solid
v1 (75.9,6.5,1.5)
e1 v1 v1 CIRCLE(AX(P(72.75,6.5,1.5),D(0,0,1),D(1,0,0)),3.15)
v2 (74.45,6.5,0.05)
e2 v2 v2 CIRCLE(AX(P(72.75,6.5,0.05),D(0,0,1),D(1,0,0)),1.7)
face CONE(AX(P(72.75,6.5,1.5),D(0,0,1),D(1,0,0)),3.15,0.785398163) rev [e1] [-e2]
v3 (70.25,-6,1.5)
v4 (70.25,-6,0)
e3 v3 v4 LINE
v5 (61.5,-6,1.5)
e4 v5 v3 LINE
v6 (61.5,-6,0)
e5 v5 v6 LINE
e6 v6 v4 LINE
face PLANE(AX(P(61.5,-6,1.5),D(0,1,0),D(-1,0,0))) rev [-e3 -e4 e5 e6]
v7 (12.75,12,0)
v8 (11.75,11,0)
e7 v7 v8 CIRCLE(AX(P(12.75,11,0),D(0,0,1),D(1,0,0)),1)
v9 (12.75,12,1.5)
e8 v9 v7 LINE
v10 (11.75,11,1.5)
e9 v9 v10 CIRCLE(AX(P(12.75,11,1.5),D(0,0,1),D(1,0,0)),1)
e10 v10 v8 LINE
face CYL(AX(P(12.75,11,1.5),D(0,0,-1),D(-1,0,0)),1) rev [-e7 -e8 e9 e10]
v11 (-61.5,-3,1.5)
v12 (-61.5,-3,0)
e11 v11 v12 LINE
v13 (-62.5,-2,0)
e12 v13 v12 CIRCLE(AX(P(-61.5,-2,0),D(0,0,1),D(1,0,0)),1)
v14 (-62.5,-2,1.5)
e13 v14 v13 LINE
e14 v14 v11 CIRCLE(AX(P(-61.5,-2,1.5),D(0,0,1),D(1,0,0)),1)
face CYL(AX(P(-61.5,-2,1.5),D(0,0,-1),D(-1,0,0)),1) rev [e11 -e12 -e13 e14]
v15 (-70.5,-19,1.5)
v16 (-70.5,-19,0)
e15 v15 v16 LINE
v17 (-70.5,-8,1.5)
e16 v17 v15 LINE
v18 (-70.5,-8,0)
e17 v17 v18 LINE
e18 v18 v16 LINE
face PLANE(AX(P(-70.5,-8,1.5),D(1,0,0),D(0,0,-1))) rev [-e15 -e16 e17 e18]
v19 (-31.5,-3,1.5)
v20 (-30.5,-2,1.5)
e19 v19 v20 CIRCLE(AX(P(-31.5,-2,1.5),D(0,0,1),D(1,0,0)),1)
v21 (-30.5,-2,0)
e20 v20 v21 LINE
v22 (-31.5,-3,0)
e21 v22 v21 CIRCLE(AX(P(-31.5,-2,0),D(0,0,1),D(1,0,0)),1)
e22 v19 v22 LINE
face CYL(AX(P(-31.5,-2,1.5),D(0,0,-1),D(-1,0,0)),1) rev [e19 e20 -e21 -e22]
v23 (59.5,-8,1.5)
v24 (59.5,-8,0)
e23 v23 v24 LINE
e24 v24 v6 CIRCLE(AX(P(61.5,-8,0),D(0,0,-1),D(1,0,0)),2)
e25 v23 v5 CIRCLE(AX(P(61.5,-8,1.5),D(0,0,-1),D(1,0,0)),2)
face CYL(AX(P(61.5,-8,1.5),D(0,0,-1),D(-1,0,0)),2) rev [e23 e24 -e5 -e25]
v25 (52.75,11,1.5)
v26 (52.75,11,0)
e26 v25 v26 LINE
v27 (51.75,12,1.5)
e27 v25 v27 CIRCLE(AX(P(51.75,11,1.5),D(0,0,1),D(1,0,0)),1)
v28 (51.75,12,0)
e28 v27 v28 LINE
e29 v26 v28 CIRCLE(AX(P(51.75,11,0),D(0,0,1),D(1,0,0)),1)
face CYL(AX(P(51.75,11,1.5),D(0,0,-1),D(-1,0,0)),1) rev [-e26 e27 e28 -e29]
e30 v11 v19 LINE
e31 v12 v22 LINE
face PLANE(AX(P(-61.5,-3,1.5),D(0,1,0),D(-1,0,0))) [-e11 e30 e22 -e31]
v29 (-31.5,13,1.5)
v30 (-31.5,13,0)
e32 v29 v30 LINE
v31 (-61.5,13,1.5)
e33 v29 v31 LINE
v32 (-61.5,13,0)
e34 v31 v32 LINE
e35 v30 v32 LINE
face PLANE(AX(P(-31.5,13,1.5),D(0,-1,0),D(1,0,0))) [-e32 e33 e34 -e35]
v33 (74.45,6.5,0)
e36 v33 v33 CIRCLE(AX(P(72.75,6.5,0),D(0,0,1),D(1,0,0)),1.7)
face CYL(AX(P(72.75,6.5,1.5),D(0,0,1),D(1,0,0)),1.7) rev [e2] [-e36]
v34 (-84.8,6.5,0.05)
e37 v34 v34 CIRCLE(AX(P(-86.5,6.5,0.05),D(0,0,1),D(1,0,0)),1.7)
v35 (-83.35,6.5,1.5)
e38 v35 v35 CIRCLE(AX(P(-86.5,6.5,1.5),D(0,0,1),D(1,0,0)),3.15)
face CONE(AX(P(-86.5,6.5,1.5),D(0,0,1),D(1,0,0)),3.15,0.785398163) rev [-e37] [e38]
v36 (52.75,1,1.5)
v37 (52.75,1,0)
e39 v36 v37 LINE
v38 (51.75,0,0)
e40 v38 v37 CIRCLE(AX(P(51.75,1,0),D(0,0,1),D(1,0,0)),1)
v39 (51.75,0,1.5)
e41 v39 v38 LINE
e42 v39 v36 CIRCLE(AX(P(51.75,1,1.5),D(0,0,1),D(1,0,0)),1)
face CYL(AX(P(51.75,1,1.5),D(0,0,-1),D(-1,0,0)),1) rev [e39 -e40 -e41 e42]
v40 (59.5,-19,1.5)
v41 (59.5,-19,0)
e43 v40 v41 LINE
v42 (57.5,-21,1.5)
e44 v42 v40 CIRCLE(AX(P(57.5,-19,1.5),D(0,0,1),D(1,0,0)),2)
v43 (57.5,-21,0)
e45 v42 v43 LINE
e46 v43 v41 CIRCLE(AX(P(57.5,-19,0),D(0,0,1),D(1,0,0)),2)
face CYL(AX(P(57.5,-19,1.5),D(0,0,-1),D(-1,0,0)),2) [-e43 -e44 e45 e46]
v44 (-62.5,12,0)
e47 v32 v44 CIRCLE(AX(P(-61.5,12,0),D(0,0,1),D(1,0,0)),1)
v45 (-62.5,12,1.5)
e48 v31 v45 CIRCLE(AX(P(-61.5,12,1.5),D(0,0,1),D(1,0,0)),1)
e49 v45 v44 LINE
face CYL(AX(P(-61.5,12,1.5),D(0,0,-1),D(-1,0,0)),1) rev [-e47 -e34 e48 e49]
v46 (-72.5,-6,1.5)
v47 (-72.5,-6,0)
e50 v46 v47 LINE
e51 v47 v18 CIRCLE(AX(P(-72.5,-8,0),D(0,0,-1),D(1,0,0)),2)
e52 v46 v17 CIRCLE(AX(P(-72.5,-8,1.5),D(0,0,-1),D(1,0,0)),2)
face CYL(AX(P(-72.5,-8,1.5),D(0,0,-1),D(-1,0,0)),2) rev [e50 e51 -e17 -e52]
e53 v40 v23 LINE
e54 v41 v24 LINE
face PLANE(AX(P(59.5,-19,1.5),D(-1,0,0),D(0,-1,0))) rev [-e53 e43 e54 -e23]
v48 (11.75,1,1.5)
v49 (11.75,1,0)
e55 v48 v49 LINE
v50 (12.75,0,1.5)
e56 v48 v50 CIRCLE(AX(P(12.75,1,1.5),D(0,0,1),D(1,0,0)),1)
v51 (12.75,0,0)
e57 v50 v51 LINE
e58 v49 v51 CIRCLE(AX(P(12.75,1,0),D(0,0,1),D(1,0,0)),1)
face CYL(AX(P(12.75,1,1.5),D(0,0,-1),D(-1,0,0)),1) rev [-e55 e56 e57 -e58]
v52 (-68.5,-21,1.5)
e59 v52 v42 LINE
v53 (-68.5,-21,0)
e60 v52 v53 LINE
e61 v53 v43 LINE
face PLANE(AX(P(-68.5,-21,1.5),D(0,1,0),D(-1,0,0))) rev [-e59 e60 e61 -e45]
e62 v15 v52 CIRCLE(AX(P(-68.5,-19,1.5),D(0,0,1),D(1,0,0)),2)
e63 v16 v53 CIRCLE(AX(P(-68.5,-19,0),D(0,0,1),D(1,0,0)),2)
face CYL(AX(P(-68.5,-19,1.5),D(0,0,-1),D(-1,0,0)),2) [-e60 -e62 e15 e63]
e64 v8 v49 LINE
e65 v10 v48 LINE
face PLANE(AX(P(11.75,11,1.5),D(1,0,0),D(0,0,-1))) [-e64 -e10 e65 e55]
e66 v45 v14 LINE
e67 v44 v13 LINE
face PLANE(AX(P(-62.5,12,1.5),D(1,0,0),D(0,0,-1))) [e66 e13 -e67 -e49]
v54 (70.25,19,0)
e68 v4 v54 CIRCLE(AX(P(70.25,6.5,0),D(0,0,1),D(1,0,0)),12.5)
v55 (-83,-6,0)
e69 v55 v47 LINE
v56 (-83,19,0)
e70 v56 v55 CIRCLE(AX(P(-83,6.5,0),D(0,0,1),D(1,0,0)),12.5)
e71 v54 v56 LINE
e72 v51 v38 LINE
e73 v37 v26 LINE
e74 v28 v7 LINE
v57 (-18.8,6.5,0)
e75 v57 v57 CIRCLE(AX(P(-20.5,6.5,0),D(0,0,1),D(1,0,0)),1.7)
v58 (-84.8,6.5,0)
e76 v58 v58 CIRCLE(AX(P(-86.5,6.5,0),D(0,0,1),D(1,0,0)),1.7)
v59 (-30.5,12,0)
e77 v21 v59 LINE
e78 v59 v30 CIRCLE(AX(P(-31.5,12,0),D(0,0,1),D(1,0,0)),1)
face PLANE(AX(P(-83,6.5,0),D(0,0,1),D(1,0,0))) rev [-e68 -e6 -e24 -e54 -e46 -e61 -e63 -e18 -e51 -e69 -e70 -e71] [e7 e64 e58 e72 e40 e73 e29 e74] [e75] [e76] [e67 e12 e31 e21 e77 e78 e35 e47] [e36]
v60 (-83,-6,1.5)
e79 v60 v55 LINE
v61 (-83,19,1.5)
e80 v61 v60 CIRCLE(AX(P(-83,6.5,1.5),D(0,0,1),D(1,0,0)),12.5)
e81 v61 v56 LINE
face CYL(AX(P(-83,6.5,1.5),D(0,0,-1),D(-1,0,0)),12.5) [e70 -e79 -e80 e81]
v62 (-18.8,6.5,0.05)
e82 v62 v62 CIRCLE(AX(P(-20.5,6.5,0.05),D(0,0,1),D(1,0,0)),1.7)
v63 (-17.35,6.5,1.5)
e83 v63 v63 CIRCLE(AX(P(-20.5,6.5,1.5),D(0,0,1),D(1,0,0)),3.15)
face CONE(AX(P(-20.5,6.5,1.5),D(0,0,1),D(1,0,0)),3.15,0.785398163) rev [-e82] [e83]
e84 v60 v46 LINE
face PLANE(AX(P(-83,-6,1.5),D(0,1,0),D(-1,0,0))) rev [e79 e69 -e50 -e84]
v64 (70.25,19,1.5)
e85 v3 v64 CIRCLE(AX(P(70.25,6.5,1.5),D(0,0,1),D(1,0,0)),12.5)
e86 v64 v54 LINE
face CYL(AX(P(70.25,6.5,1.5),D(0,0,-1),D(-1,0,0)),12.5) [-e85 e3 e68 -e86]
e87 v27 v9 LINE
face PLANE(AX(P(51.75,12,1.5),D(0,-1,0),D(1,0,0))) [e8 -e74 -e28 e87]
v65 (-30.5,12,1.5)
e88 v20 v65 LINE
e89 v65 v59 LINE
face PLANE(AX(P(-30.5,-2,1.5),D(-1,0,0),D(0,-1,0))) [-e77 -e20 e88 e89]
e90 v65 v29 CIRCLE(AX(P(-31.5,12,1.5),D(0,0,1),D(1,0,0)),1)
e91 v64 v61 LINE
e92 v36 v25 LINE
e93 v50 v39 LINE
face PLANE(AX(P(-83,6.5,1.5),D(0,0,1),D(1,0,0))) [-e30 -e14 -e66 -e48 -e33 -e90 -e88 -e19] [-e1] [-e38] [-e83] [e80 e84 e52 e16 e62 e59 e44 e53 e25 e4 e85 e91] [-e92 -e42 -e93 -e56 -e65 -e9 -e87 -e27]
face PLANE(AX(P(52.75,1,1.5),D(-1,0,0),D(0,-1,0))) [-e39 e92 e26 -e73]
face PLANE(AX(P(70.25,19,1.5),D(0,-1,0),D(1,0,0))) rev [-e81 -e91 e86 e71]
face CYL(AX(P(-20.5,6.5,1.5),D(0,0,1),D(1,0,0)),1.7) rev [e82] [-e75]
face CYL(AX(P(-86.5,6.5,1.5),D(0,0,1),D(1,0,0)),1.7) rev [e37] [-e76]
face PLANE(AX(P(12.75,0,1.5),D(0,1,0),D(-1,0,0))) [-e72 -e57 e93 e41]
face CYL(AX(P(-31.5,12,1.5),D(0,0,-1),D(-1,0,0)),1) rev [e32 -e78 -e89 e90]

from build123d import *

# Parameters (mm, degrees)
ESQUISSE1_R                                 = 1
EXTRUSION1_DEPTH                            = 1.5
FRAISAGE_POUR_VIS_T_TE_FRAIS_E_M31_AT_COUNT = 2
FRAISAGE_POUR_VIS_T_TE_FRAIS_E_M31_AT_PITCH = 66
FRAISAGE_POUR_VIS_T_TE_FRAIS_E_M31_2_COUNT  = 2
FRAISAGE_POUR_VIS_T_TE_FRAIS_E_M31_2_PITCH  = 159.25


with BuildPart() as part:
    # Esquisse1 → Extrusion1 (new body)
    with BuildSketch(Plane.XY):
        with BuildLine():
            Line((-83, -6), (-72.5, -6))
            ThreePointArc((-72.5, -6), (-71.085786438, -6.585786438), (-70.5, -8))
            Line((-70.5, -8), (-70.5, -19))
            ThreePointArc((-70.5, -19), (-69.914213562, -20.414213562), (-68.5, -21))
            Line((-68.5, -21), (57.5, -21))
            ThreePointArc((57.5, -21), (58.914213562, -20.414213562), (59.5, -19))
            Line((59.5, -19), (59.5, -8))
            ThreePointArc((59.5, -8), (60.085786438, -6.585786438), (61.5, -6))
            Line((61.5, -6), (70.25, -6))
            ThreePointArc((70.25, -6), (82.75, 6.5), (70.25, 19))
            Line((70.25, 19), (-83, 19))
            ThreePointArc((-83, 19), (-95.5, 6.5), (-83, -6))
        make_face()
        with Locations((-86.5, 6.5)):
            Circle(ESQUISSE1_R, mode=Mode.SUBTRACT)
        with Locations((-20.5, 6.5)):
            Circle(ESQUISSE1_R, mode=Mode.SUBTRACT)
        with Locations((72.75, 6.5)):
            Circle(ESQUISSE1_R, mode=Mode.SUBTRACT)
        with BuildLine():
            Line((-31.5, 13), (-61.5, 13))
            ThreePointArc((-61.5, 13), (-62.207106781, 12.707106781), (-62.5, 12))
            Line((-62.5, 12), (-62.5, -2))
            ThreePointArc((-62.5, -2), (-62.207106781, -2.707106781), (-61.5, -3))
            Line((-61.5, -3), (-31.5, -3))
            ThreePointArc((-31.5, -3), (-30.792893219, -2.707106781), (-30.5, -2))
            Line((-30.5, -2), (-30.5, 12))
            ThreePointArc((-30.5, 12), (-30.792893219, 12.707106781), (-31.5, 13))
        make_face(mode=Mode.SUBTRACT)
        with BuildLine():
            Line((51.75, 12), (12.75, 12))
            ThreePointArc((12.75, 12), (12.042893219, 11.707106781), (11.75, 11))
            Line((11.75, 11), (11.75, 1))
            ThreePointArc((11.75, 1), (12.042893219, 0.292893219), (12.75, 0))
            Line((12.75, 0), (51.75, 0))
            ThreePointArc((51.75, 0), (52.457106781, 0.292893219), (52.75, 1))
            Line((52.75, 1), (52.75, 11))
            ThreePointArc((52.75, 11), (52.457106781, 11.707106781), (51.75, 12))
        make_face(mode=Mode.SUBTRACT)
    extrude(amount=EXTRUSION1_DEPTH)

    # Esquisse2 → Fraisage pour vis à tête fraisée M31 (revolve, cut)
    with BuildSketch(Plane(origin=(-86.5, 6.5, 1.5), x_dir=(0, -1, 0), z_dir=(1, 0, 0))):
        Polygon((0, 0), (0, 1.5), (1.7, 1.5), (1.7, 1.45), (3.15, 0), align=None)
    fraisage_pour_vis_t_te_frais_e_m31 = revolve(axis=Axis((-86.5, 6.5, 7.85), (0, 0, -1)), mode=Mode.SUBTRACT)

    # Fraisage pour vis à tête fraisée M31 at: Fraisage pour vis à tête fraisée M31 ×2
    with Locations(*[(i * FRAISAGE_POUR_VIS_T_TE_FRAIS_E_M31_AT_PITCH, 0, 0) for i in range(1, FRAISAGE_POUR_VIS_T_TE_FRAIS_E_M31_AT_COUNT)]):
        add(fraisage_pour_vis_t_te_frais_e_m31, mode=Mode.SUBTRACT)

    # Fraisage pour vis _ t_te frais_e M31 2: Fraisage pour vis à tête fraisée M31 ×2
    with Locations(*[(i * FRAISAGE_POUR_VIS_T_TE_FRAIS_E_M31_2_PITCH, 0, 0) for i in range(1, FRAISAGE_POUR_VIS_T_TE_FRAIS_E_M31_2_COUNT)]):
        add(fraisage_pour_vis_t_te_frais_e_m31, mode=Mode.SUBTRACT)


solid = part.part
